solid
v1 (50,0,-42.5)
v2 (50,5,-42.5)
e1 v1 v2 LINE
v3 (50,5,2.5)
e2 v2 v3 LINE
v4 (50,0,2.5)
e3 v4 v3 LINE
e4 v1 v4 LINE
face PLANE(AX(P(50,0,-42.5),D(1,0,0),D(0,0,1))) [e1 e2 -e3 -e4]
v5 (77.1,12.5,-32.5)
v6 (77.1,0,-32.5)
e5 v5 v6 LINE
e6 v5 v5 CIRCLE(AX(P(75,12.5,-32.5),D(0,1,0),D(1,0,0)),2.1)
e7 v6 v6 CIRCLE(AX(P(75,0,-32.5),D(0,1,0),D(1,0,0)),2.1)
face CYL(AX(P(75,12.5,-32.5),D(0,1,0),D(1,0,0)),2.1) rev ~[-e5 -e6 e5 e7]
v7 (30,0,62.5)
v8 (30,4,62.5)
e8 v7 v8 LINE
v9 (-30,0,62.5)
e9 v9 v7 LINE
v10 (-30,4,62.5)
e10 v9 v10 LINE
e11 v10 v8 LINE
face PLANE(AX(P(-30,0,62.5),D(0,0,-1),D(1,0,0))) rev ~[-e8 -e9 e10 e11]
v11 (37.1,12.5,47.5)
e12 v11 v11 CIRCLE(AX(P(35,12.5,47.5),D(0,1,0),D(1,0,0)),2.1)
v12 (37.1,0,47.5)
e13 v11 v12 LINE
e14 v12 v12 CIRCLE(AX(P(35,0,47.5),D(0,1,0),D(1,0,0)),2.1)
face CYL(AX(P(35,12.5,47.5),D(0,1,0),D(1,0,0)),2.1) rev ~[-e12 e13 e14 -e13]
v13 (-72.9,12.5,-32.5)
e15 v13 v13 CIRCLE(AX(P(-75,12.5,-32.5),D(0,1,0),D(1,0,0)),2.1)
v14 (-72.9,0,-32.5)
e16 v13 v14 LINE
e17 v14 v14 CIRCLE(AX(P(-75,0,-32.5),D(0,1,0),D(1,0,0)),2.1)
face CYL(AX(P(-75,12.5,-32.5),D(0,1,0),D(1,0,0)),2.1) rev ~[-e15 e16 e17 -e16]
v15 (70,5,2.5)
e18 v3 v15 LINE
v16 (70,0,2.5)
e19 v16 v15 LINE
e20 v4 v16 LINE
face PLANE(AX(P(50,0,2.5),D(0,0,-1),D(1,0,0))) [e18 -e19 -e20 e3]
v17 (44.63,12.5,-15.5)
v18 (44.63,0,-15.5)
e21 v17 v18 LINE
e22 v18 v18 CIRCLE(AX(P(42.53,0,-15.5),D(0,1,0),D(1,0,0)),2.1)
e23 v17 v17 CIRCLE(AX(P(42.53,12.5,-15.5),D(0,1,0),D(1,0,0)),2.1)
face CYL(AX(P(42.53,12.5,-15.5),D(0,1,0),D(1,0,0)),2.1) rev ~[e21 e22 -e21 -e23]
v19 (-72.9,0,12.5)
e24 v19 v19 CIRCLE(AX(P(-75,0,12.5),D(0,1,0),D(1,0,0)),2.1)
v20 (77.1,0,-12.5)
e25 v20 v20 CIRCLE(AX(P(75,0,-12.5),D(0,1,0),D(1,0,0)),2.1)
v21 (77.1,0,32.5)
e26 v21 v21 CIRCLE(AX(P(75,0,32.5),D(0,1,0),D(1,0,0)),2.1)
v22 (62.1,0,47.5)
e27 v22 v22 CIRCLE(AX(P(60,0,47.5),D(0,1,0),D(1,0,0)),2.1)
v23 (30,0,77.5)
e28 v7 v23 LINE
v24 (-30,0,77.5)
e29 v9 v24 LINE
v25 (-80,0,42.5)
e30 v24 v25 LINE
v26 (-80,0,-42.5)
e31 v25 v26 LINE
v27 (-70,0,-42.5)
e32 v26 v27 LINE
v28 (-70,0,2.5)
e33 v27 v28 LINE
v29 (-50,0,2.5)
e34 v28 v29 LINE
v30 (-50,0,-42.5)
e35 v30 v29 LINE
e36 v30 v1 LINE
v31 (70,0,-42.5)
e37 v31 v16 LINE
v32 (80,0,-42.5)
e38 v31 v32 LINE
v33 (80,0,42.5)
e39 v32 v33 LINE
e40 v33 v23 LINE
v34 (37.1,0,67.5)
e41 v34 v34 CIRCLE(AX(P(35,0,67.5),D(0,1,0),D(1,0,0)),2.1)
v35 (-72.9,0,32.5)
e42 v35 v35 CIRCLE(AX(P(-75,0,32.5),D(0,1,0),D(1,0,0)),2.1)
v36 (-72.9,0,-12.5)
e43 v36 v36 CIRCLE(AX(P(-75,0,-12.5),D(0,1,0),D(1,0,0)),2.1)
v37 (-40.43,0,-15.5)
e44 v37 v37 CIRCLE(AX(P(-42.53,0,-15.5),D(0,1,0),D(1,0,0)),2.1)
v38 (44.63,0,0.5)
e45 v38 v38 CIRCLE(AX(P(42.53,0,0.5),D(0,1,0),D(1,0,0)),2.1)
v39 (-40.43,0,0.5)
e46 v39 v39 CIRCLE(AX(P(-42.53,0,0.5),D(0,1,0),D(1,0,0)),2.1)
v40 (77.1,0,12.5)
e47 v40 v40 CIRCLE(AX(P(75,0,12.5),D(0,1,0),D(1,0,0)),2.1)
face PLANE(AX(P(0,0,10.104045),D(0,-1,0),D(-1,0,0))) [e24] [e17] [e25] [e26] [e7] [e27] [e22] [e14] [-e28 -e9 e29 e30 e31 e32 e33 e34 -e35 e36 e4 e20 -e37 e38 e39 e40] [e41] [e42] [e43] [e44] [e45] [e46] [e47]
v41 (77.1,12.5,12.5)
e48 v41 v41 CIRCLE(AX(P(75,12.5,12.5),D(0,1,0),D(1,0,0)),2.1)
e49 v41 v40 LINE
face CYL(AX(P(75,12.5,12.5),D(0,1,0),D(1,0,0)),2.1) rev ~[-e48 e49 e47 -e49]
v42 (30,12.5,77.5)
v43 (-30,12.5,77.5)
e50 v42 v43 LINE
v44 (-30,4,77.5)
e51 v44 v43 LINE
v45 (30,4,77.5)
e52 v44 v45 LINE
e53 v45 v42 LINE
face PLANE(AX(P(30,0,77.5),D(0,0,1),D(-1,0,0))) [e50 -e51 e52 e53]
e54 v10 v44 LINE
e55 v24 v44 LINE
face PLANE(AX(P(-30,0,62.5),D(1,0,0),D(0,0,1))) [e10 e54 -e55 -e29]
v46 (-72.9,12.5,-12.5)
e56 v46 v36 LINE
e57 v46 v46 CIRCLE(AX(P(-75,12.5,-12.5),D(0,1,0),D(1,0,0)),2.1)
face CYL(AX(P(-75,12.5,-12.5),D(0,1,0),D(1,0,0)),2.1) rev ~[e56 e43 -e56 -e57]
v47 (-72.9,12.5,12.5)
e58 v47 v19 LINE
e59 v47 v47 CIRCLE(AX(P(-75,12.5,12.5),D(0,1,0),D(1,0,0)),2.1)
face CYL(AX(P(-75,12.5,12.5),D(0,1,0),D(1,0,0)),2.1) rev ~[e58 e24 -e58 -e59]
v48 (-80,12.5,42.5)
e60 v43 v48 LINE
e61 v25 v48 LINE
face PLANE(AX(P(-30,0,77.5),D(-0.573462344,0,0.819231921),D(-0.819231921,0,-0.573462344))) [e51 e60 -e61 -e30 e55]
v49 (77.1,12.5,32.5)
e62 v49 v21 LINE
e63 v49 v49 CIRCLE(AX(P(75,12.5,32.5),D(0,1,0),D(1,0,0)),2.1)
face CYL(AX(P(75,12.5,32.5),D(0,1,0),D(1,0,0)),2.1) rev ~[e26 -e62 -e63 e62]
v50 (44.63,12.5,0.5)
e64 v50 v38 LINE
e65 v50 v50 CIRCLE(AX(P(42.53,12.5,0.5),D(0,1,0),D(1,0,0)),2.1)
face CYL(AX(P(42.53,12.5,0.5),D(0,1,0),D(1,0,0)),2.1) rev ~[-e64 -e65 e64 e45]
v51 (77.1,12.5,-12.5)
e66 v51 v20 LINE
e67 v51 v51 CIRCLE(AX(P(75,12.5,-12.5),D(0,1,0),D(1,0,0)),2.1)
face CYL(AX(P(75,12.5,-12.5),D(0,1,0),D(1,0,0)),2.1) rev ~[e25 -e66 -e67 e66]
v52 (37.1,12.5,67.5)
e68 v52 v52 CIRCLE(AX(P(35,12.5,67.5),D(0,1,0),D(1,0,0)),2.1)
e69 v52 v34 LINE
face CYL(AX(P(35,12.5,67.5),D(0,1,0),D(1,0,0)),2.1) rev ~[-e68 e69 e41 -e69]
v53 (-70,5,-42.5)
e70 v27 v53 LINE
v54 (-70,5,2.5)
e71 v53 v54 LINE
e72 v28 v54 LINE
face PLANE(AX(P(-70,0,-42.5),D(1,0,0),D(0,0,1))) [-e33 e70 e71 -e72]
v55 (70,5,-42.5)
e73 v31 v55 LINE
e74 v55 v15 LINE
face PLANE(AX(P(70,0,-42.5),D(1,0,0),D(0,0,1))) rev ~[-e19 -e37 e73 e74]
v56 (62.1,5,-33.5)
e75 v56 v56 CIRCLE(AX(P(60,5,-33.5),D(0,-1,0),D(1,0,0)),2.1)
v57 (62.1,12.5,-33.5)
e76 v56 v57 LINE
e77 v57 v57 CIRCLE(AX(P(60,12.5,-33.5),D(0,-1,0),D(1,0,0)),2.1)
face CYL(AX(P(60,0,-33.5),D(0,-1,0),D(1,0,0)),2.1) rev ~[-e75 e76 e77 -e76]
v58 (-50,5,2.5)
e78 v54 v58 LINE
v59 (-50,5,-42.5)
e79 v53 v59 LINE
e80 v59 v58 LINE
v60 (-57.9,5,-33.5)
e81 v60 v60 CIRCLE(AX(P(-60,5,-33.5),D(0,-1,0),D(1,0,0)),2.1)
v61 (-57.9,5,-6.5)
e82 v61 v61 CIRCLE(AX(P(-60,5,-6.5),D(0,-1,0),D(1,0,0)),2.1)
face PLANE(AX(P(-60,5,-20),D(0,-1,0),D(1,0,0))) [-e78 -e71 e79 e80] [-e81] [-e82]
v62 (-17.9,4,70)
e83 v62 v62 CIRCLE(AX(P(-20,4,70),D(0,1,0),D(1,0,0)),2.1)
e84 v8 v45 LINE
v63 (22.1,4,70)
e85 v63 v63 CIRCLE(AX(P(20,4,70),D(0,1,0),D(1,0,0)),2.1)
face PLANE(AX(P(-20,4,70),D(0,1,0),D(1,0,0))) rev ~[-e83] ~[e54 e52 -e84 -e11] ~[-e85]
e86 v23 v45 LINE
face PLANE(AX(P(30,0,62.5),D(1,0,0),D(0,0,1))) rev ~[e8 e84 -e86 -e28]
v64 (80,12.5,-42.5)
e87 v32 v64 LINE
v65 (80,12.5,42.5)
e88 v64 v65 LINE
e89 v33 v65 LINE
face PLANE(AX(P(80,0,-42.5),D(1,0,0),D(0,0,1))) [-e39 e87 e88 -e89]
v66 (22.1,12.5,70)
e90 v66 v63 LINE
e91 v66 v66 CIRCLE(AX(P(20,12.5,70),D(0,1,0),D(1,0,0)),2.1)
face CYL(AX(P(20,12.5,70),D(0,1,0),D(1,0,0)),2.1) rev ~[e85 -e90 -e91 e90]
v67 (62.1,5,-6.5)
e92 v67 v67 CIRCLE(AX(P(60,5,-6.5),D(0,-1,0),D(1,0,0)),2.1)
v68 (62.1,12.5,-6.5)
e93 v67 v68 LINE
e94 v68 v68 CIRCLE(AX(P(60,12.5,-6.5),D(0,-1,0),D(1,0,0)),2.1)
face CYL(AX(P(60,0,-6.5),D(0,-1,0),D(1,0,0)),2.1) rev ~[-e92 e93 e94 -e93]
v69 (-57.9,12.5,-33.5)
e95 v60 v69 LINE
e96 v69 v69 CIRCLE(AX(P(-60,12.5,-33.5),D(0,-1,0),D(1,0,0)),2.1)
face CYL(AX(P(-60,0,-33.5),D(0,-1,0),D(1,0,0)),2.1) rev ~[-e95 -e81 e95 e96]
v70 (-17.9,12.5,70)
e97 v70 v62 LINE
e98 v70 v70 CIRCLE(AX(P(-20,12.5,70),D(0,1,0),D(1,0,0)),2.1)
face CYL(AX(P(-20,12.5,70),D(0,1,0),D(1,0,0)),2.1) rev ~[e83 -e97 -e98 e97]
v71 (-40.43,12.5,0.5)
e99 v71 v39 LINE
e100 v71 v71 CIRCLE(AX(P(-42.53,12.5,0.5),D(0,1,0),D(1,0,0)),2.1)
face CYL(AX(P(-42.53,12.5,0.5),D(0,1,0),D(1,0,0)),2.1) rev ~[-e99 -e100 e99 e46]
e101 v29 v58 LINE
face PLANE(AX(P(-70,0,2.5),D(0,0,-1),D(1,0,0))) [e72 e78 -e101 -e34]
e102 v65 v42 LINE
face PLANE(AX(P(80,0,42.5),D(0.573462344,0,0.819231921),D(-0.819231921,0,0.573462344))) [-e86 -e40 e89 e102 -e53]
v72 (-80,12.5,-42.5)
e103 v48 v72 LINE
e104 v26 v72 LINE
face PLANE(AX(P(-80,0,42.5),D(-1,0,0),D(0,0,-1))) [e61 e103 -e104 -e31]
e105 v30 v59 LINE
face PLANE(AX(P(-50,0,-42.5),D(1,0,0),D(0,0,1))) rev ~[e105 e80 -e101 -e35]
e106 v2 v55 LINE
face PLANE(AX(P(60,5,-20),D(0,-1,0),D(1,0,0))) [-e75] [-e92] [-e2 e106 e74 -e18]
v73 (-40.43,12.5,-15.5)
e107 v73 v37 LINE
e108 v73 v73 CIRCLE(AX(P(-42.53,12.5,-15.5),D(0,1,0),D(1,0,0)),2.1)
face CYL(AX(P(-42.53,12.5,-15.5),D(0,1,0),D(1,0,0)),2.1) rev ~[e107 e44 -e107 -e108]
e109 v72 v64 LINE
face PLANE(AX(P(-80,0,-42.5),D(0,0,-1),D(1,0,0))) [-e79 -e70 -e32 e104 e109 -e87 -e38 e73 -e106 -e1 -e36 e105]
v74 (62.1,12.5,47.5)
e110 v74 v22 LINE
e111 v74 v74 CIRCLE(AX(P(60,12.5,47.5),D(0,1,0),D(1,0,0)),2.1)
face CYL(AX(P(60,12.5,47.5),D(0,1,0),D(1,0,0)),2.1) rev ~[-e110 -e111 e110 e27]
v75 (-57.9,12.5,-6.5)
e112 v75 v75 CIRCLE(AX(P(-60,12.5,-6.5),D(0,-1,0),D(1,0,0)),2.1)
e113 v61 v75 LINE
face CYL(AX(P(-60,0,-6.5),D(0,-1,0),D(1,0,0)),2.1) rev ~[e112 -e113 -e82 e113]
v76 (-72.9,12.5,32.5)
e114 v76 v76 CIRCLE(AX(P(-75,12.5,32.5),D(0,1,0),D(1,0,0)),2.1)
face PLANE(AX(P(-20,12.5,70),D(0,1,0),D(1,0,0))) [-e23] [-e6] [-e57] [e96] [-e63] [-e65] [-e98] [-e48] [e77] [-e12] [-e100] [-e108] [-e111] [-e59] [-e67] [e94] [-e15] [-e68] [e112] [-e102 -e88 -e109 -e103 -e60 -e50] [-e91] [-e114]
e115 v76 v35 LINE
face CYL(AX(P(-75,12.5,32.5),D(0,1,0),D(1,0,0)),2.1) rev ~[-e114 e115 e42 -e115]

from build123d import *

# Parameters (mm, degrees)
BOSS_EXTRUDE2_DEPTH = 12.5
SKETCH2_R           = 2.1
BOSS_EXTRUDE3_DEPTH = 29
SKETCH4_W           = 9
SKETCH4_H           = 3.5
CUT_EXTRUDE1_DEPTH  = 73
CHAMFER1_SIZE       = 3
SKETCH5_W           = 60
SKETCH5_H           = 15
SKETCH5_R           = 2.89755201
CUT_EXTRUDE2_DEPTH  = 4
SKETCH6_R           = 2.89755201
CUT_EXTRUDE3_DEPTH  = 26
SKETCH7_R           = 2.1
CUT_EXTRUDE4_DEPTH  = 26
SKETCH8_R           = 2.1
CUT_EXTRUDE5_DEPTH  = 26
SKETCH9_W           = 20
SKETCH9_H           = 45
CUT_EXTRUDE8_DEPTH  = 5
SKETCH10_W          = 1.5
SKETCH10_H          = 3.5
BOSS_EXTRUDE4_DEPTH = 9.75
SKETCH11_R          = 2.1
CUT_EXTRUDE9_DEPTH  = 22
SKETCH12_R          = 2.1
BOSS_EXTRUDE5_DEPTH = 12.5
SKETCH13_W          = 36.022900052
SKETCH13_H          = 69.947378741
CUT_EXTRUDE10_DEPTH = 29
SKETCH14_R          = 2.89755201
SKETCH14_R_2        = 2.1
BOSS_EXTRUDE6_DEPTH = 8.5
SKETCH15_R          = 2.1
CUT_EXTRUDE11_DEPTH = 38
SKETCH16_R          = 2.1
CUT_EXTRUDE12_DEPTH = 38


with BuildPart() as part:
    # Sketch1 → Boss-Extrude2 (new body)
    with BuildSketch(Plane(origin=(0, 0, 0), x_dir=(1, 0, 0), z_dir=(0, 1, 0))):
        Polygon((-80, -42.5), (-80, 42.5), (80, 42.5), (80, -42.5), (30, -77.5), (-30, -77.5), align=None)
    extrude(amount=BOSS_EXTRUDE2_DEPTH)

    # Sketch2 → Boss-Extrude3 (add)
    with BuildSketch(Plane(origin=(0, 12.5, 0), x_dir=(1, 0, 0), z_dir=(0, 1, 0))):
        with BuildLine():
            Line((10.25, -47.5), (-10.25, -47.5))
            Line((-10.25, -47.5), (-10.25, -7))
            Line((-10.25, -7), (-3, -7))
            Line((-3, -7), (-3, -3.640312424))
            ThreePointArc((-3, -3.640312424), (-7.1, -3), (-3, -2.359687576))
            Line((-3, -2.359687576), (-3, 2.75))
            Line((-3, 2.75), (-15, 2.75))
            Line((-15, 2.75), (-15, -57.25))
            Line((-15, -57.25), (15, -57.25))
            Line((15, -57.25), (15, 2.75))
            Line((15, 2.75), (3, 2.75))
            Line((3, 2.75), (3, -2.359687576))
            ThreePointArc((3, -2.359687576), (5.324037035, -0.925150608), (7.1, -3))
            ThreePointArc((7.1, -3), (5.324037035, -5.074849392), (3, -3.640312424))
            Line((3, -3.640312424), (3, -7))
            Line((3, -7), (10.25, -7))
            Line((10.25, -7), (10.25, -47.5))
        make_face()
        with Locations((-5, -51.5)):
            Circle(SKETCH2_R, mode=Mode.SUBTRACT)
        with Locations((5, -51.5)):
            Circle(SKETCH2_R, mode=Mode.SUBTRACT)
    extrude(amount=BOSS_EXTRUDE3_DEPTH)

    # Sketch4 → Cut-Extrude1 (cut)
    with BuildSketch(Plane.XY.offset(57.25)):
        with Locations((5, 35.75)):
            Rectangle(SKETCH4_W, SKETCH4_H)
        with Locations((-5, 35.75)):
            Rectangle(SKETCH4_W, SKETCH4_H)
    extrude(amount=-CUT_EXTRUDE1_DEPTH, mode=Mode.SUBTRACT)

    # Chamfer1
    chamfer1_edges = [part.edges().sort_by_distance(p)[0] for p in [
        (-15, 27, -2.75),
        (-15, 27, 57.25),
        (15, 27, 57.25),
        (15, 27, -2.75),
    ]]
    chamfer(chamfer1_edges, length=CHAMFER1_SIZE)

    # Sketch5 → Cut-Extrude2 (cut)
    with BuildSketch(Plane.XZ):
        with Locations((0, 70)):
            Rectangle(SKETCH5_W, SKETCH5_H)
        with Locations((-20, 70)):
            Circle(SKETCH5_R, mode=Mode.SUBTRACT)
        with Locations((20, 70)):
            Circle(SKETCH5_R, mode=Mode.SUBTRACT)
    extrude(amount=-CUT_EXTRUDE2_DEPTH, mode=Mode.SUBTRACT)

    # Sketch6 → Cut-Extrude3 (cut)
    with BuildSketch(Plane(origin=(0, 0, 0), x_dir=(-1, 0, 0), z_dir=(0, -1, 0))):
        with Locations((20, -70)):
            Circle(SKETCH6_R)
        with Locations((-20, -70)):
            Circle(SKETCH6_R)
    extrude(amount=-CUT_EXTRUDE3_DEPTH, mode=Mode.SUBTRACT)

    # Sketch7 → Cut-Extrude4 (cut)
    with BuildSketch(Plane(origin=(0, 12.5, 0), x_dir=(1, 0, 0), z_dir=(0, 1, 0))):
        with Locations((-75, 32.5)):
            Circle(SKETCH7_R)
        with Locations((-75, 12.5)):
            Circle(SKETCH7_R)
        with Locations((-75, -12.5)):
            Circle(SKETCH7_R)
        with Locations((-75, -32.5)):
            Circle(SKETCH7_R)
        with Locations((75, -32.5)):
            Circle(SKETCH7_R)
        with Locations((75, -12.5)):
            Circle(SKETCH7_R)
        with Locations((75, 12.5)):
            Circle(SKETCH7_R)
        with Locations((75, 32.5)):
            Circle(SKETCH7_R)
    extrude(amount=-CUT_EXTRUDE4_DEPTH, mode=Mode.SUBTRACT)

    # Sketch8 → Cut-Extrude5 (cut)
    with BuildSketch(Plane.XZ):
        with Locations((-60, -6.5)):
            Circle(SKETCH8_R)
        with Locations((-60, -33.5)):
            Circle(SKETCH8_R)
        with Locations((60, -6.5)):
            Circle(SKETCH8_R)
        with Locations((60, -33.5)):
            Circle(SKETCH8_R)
    extrude(amount=-CUT_EXTRUDE5_DEPTH, mode=Mode.SUBTRACT)

    # Sketch9 → Cut-Extrude8 (cut)
    with BuildSketch(Plane.XZ):
        with Locations((-60, -20)):
            Rectangle(SKETCH9_W, SKETCH9_H)
        with Locations((60, -20)):
            Rectangle(SKETCH9_W, SKETCH9_H)
    extrude(amount=-CUT_EXTRUDE8_DEPTH, mode=Mode.SUBTRACT)

    # Sketch10 → Boss-Extrude4 (add)
    with BuildSketch(Plane.XY.offset(57.25)):
        with Locations((0, 35.75)):
            Rectangle(SKETCH10_W, SKETCH10_H)
    extrude(amount=-BOSS_EXTRUDE4_DEPTH)

    # Sketch11 → Cut-Extrude9 (cut)
    with BuildSketch(Plane(origin=(0, 12.5, 0), x_dir=(1, 0, 0), z_dir=(0, 1, 0))):
        with Locations((-42.5, 37.25)):
            Circle(SKETCH11_R)
        with Locations((-42.5, 23.25)):
            Circle(SKETCH11_R)
    extrude(amount=-CUT_EXTRUDE9_DEPTH, mode=Mode.SUBTRACT)

    # Sketch12 → Boss-Extrude5 (add, through all)
    with BuildSketch(Plane(origin=(0, 12.5, 0), x_dir=(1, 0, 0), z_dir=(0, 1, 0))):
        with Locations((-42.5, 37.25)):
            Circle(SKETCH12_R)
        with Locations((-42.5, 23.25)):
            Circle(SKETCH12_R)
    extrude(amount=-BOSS_EXTRUDE5_DEPTH)

    # Sketch13 → Cut-Extrude10 (cut)
    with BuildSketch(Plane(origin=(0, 41.5, 0), x_dir=(1, 0, 0), z_dir=(0, 1, 0))):
        with Locations((0, -27.030330354)):
            Rectangle(SKETCH13_W, SKETCH13_H)
    extrude(amount=-CUT_EXTRUDE10_DEPTH, mode=Mode.SUBTRACT)

    # Sketch14 → Boss-Extrude6 (add)
    with BuildSketch(Plane(origin=(0, 12.5, 0), x_dir=(1, 0, 0), z_dir=(0, 1, 0))):
        with Locations((-20, -70)):
            Circle(SKETCH14_R)
        with Locations((-20, -70)):
            Circle(SKETCH14_R_2, mode=Mode.SUBTRACT)
        with Locations((20, -70)):
            Circle(SKETCH14_R)
        with Locations((20, -70)):
            Circle(SKETCH14_R_2, mode=Mode.SUBTRACT)
    extrude(amount=-BOSS_EXTRUDE6_DEPTH)

    # Sketch15 → Cut-Extrude11 (cut)
    with BuildSketch(Plane(origin=(0, 12.5, 0), x_dir=(1, 0, 0), z_dir=(0, 1, 0))):
        with Locations((-42.53, 15.5)):
            Circle(SKETCH15_R)
        with Locations((-42.53, -0.5)):
            Circle(SKETCH15_R)
        with Locations((42.53, 15.5)):
            Circle(SKETCH15_R)
        with Locations((42.53, -0.5)):
            Circle(SKETCH15_R)
    extrude(amount=-CUT_EXTRUDE11_DEPTH, mode=Mode.SUBTRACT)

    # Sketch16 → Cut-Extrude12 (cut)
    with BuildSketch(Plane(origin=(0, 12.5, 0), x_dir=(1, 0, 0), z_dir=(0, 1, 0))):
        with Locations((35, -47.5)):
            Circle(SKETCH16_R)
        with Locations((35, -67.5)):
            Circle(SKETCH16_R)
        with Locations((60, -47.5)):
            Circle(SKETCH16_R)
    extrude(amount=-CUT_EXTRUDE12_DEPTH, mode=Mode.SUBTRACT)


solid = part.part
